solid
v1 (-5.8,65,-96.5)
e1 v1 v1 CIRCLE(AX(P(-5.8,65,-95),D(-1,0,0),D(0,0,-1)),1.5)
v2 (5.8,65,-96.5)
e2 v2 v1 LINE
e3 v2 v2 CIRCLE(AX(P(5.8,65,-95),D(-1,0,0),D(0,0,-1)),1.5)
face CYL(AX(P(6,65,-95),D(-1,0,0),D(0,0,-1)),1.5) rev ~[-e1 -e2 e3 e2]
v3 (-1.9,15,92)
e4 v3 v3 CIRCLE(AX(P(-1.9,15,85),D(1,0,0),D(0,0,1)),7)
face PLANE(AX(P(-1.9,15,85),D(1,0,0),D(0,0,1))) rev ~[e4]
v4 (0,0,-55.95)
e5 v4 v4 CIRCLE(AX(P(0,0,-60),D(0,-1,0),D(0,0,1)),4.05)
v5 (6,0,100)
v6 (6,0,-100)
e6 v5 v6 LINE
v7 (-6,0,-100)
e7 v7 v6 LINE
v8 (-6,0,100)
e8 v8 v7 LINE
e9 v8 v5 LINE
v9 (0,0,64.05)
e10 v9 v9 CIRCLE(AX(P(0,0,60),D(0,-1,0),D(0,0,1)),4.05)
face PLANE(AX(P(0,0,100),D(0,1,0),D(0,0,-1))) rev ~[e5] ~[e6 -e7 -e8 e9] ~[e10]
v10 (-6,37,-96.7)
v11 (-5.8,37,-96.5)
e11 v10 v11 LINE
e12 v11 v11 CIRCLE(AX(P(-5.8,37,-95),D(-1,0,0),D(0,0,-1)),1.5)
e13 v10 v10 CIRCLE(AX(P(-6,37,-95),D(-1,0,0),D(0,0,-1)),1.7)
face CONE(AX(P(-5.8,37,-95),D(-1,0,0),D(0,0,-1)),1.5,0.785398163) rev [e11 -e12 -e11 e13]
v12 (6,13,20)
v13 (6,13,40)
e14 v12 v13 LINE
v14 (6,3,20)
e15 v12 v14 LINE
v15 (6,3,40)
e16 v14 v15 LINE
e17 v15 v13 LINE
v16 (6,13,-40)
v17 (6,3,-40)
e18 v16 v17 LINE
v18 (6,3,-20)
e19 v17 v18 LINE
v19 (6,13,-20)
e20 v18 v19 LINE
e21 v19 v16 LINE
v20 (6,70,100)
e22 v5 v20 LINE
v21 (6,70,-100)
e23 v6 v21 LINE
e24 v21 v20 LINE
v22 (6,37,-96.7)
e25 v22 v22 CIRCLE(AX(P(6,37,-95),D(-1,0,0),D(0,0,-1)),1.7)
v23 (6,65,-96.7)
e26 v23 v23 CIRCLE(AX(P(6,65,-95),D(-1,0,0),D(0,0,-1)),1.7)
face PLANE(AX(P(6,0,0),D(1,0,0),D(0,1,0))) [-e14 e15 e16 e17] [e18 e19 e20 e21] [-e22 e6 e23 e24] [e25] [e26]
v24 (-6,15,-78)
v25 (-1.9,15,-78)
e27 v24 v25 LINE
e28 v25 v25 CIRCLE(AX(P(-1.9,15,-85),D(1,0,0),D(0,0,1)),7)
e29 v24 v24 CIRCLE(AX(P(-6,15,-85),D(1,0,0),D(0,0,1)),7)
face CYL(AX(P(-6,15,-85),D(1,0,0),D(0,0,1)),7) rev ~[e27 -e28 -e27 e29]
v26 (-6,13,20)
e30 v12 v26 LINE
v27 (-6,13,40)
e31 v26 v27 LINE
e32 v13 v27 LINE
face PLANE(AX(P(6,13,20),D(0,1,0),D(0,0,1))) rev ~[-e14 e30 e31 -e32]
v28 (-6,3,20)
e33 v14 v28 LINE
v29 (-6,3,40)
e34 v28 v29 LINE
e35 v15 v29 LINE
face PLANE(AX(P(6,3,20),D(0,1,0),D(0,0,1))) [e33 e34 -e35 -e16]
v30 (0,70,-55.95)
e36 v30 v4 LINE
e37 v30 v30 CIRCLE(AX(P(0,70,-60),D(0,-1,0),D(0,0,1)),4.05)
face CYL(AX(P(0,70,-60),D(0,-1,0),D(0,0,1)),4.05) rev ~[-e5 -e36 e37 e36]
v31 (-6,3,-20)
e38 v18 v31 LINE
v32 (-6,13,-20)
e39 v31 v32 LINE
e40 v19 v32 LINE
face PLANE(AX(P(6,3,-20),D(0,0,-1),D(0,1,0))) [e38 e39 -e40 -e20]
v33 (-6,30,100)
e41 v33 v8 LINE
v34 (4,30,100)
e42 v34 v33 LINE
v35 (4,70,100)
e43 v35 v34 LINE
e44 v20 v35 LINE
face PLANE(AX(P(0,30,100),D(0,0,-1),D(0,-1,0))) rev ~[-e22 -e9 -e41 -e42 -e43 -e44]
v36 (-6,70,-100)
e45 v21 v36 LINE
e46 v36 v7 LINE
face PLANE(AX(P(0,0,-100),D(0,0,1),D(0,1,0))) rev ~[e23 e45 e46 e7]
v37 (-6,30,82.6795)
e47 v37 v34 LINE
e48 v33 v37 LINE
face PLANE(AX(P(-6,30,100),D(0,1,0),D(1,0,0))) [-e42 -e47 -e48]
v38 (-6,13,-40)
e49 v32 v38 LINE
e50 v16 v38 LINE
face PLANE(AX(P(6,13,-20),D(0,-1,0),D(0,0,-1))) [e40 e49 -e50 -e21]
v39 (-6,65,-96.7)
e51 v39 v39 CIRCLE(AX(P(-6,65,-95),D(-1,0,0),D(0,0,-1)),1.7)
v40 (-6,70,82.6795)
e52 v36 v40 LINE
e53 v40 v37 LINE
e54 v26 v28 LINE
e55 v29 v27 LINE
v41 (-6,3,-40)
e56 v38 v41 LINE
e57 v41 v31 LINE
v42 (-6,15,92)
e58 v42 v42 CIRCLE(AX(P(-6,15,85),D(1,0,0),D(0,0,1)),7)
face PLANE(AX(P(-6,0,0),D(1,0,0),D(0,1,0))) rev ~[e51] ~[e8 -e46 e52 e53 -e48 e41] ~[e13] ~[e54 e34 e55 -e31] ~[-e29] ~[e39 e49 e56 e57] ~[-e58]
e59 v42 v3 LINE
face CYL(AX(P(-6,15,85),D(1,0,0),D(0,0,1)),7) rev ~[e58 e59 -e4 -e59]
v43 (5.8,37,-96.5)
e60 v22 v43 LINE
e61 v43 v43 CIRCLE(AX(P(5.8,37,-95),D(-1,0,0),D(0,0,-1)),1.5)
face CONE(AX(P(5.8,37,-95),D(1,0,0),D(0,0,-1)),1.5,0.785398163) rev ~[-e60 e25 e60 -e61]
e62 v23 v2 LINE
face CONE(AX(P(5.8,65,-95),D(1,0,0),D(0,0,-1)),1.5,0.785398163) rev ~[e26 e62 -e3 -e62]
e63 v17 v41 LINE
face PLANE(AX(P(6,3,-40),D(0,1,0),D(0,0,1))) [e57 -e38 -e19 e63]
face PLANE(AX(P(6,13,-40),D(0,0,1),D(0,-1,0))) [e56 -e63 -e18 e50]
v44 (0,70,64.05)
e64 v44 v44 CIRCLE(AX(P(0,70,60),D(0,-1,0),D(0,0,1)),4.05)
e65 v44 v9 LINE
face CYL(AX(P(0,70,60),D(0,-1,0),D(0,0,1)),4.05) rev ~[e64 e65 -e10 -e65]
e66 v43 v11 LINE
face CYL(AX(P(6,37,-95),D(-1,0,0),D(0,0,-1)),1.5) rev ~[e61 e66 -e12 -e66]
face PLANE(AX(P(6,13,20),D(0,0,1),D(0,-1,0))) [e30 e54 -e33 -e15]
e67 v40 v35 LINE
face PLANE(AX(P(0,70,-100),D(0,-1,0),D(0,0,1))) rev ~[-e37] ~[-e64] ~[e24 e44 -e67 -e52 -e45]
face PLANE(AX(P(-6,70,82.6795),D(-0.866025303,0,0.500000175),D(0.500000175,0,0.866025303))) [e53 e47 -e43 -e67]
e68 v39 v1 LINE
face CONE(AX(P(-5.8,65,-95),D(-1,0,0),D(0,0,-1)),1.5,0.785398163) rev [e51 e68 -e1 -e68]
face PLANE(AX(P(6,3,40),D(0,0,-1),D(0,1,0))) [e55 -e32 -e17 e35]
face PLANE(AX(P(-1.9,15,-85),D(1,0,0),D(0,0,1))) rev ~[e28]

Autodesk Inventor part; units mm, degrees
ref_plane "YZ Plane" through (0, 0, 0) normal (1, 0, 0) x (0, 1, 0)
ref_plane "XZ Plane" through (0, 0, 0) normal (0, 1, 0) x (-1, 0, 0)
ref_plane "XY Plane" through (0, 0, 0) normal (0, 0, 1) x (1, 0, 0)
sketch "Эскиз1" plane through (0, 0, 0) normal (1, 0, 0) x (0, 1, 0)
  line L0 (0, 100) -> (0, -100)
  line L1 (0, -100) -> (30, -100)
  line L2 (30, -100) -> (30, 100)
  line L3 (30, 100) -> (0, 100)
  line L4 (-14, 0) -> (84, 0) construction
  line L5 (0, -140) -> (0, 140) construction
  line L6 (30, -100) -> (70, -100)
  line L7 (70, -100) -> (70, 100)
  line L8 (70, 100) -> (30, 100)
  line L9 (30, 100) -> (30, -100)
  point P0 (0, 0)
  point P1 (30, 100)
  dimension "d0" = 200
  dimension "d1" = 30
  dimension "d2" = 200
  dimension "d3" = 40
extrude "Выдавливание1" add sketch "Эскиз1" along normal mid plane 12
sketch "Эскиз2" plane through (6, 0, 0) normal (1, 0, 0) x (0, 0, -1)
  line L0 (-20, 13) -> (-40, 13)
  line L1 (-100, 0) -> (100, 0) construction
  line L2 (100, 0) -> (100, 70) projected
  line L3 (-40, 13) -> (-20, 13)
  line L4 (-20, 13) -> (-20, 3)
  line L5 (-20, 3) -> (-40, 3)
  line L6 (-40, 3) -> (-40, 13)
  line L7 (20, 13) -> (40, 13)
  line L8 (40, 13) -> (40, 3)
  line L9 (40, 3) -> (20, 3)
  line L10 (20, 3) -> (20, 13)
  point P0 (0, 0)
  point P1 (-85, 0)
  point P2 (57.0517, 0.6179)
  dimension "d26" = 10
  dimension "d27" = 20
  dimension "d28" = 3
  dimension "d29" = 20
  dimension "d31" = 20
  dimension "d34" = 3
  dimension "d35" = 10
  dimension "d36" = 20
extrude "Выдавливание2" cut sketch "Эскиз2" against normal blind 12
sketch "Эскиз3" plane through (-6, 0, 0) normal (1, 0, 0) x (0, 0, -1)
  line L0 (100, 0) -> (100, 70) projected
  line L1 (100, 0) -> (-100, 0) projected
  line L2 (-100, 0) -> (-100, 70) projected
  point P0 (0, 0)
  point P1 (-85, 15)
  point P2 (-85, 0)
  point P3 (-85, 15)
  point P4 (85, 15)
  point P5 (-100, 15)
  dimension "d17" = 15
  dimension "d53" = 15
  dimension "d54" = 15
hole "Отверстие1" at (-6, 15, -85) at (-6, 15, 85) direction (1, 0, 0) diameter 14 depth 4.1
sketch "Эскиз4" plane through (6, 0, 0) normal (1, 0, 0) x (0, 0, -1)
  line L0 (100, 70) -> (-100, 70) projected
  line L1 (-100, 70) -> (-100, 0) projected
  line L2 (90, 30) -> (-85, 30) projected
  line L3 (100, 0) -> (100, 70) projected
  line L4 (100, 0) -> (-100, 0) projected
  point P0 (0, 0)
  point P1 (95, 65)
  point P2 (95, 37)
  point P3 (-100, 15)
  point P4 (-85, 0)
  dimension "d37" = 5
  dimension "d40" = 5
  dimension "d51" = 5
  dimension "d52" = 37
hole "Отверстие2" at (6, 65, -95) at (6, 37, -95) direction (-1, 0, 0) diameter 3 depth 70
chamfer "Фаска1" distance 0.2 angle 45 4 edges at (6, 37, -93.5) (6, 65, -93.5) (-6, 37, -93.5) (-6, 65, -93.5)
sketch "Эскиз5" plane through (-6, 70, 100) normal (0, 1, 0) x (1, 0, 0)
  line L0 (0, 0) -> (0, 200) projected
  line L1 (0, 17.3205) -> (10, 0)
  line L2 (12, 0) -> (0, 0) projected
  line L3 (0, 0) -> (10, 0)
  line L4 (0, 0) -> (0, 17.3205)
  point P0 (6, 100)
  dimension "d55" = 60
  dimension "d56" = 10
extrude "Выдавливание3" cut sketch "Эскиз5" against normal blind 40
sketch "Эскиз6" plane through (-6, 70, -100) normal (0, 1, 0) x (1, 0, 0)
  line L0 (0, 0) -> (12, 0) projected
  line L1 (10, -200) -> (0, -200) projected
  line L2 (0, -182.6795) -> (0, 0) projected
  point P0 (6, -100)
  point P1 (6, -40)
  point P2 (6, -160)
  dimension "d60" = 40
  dimension "d61" = 40
  dimension "d62" = 6
  dimension "d63" = 6
hole "Отверстие3" at (0, 70, -60) at (0, 70, 60) direction (0, -1, 0) diameter 8.1 depth 80
equation "\"d40\" = d37"
equation "\"d63\" = d62"
properties part number "Стенка конвейера"
